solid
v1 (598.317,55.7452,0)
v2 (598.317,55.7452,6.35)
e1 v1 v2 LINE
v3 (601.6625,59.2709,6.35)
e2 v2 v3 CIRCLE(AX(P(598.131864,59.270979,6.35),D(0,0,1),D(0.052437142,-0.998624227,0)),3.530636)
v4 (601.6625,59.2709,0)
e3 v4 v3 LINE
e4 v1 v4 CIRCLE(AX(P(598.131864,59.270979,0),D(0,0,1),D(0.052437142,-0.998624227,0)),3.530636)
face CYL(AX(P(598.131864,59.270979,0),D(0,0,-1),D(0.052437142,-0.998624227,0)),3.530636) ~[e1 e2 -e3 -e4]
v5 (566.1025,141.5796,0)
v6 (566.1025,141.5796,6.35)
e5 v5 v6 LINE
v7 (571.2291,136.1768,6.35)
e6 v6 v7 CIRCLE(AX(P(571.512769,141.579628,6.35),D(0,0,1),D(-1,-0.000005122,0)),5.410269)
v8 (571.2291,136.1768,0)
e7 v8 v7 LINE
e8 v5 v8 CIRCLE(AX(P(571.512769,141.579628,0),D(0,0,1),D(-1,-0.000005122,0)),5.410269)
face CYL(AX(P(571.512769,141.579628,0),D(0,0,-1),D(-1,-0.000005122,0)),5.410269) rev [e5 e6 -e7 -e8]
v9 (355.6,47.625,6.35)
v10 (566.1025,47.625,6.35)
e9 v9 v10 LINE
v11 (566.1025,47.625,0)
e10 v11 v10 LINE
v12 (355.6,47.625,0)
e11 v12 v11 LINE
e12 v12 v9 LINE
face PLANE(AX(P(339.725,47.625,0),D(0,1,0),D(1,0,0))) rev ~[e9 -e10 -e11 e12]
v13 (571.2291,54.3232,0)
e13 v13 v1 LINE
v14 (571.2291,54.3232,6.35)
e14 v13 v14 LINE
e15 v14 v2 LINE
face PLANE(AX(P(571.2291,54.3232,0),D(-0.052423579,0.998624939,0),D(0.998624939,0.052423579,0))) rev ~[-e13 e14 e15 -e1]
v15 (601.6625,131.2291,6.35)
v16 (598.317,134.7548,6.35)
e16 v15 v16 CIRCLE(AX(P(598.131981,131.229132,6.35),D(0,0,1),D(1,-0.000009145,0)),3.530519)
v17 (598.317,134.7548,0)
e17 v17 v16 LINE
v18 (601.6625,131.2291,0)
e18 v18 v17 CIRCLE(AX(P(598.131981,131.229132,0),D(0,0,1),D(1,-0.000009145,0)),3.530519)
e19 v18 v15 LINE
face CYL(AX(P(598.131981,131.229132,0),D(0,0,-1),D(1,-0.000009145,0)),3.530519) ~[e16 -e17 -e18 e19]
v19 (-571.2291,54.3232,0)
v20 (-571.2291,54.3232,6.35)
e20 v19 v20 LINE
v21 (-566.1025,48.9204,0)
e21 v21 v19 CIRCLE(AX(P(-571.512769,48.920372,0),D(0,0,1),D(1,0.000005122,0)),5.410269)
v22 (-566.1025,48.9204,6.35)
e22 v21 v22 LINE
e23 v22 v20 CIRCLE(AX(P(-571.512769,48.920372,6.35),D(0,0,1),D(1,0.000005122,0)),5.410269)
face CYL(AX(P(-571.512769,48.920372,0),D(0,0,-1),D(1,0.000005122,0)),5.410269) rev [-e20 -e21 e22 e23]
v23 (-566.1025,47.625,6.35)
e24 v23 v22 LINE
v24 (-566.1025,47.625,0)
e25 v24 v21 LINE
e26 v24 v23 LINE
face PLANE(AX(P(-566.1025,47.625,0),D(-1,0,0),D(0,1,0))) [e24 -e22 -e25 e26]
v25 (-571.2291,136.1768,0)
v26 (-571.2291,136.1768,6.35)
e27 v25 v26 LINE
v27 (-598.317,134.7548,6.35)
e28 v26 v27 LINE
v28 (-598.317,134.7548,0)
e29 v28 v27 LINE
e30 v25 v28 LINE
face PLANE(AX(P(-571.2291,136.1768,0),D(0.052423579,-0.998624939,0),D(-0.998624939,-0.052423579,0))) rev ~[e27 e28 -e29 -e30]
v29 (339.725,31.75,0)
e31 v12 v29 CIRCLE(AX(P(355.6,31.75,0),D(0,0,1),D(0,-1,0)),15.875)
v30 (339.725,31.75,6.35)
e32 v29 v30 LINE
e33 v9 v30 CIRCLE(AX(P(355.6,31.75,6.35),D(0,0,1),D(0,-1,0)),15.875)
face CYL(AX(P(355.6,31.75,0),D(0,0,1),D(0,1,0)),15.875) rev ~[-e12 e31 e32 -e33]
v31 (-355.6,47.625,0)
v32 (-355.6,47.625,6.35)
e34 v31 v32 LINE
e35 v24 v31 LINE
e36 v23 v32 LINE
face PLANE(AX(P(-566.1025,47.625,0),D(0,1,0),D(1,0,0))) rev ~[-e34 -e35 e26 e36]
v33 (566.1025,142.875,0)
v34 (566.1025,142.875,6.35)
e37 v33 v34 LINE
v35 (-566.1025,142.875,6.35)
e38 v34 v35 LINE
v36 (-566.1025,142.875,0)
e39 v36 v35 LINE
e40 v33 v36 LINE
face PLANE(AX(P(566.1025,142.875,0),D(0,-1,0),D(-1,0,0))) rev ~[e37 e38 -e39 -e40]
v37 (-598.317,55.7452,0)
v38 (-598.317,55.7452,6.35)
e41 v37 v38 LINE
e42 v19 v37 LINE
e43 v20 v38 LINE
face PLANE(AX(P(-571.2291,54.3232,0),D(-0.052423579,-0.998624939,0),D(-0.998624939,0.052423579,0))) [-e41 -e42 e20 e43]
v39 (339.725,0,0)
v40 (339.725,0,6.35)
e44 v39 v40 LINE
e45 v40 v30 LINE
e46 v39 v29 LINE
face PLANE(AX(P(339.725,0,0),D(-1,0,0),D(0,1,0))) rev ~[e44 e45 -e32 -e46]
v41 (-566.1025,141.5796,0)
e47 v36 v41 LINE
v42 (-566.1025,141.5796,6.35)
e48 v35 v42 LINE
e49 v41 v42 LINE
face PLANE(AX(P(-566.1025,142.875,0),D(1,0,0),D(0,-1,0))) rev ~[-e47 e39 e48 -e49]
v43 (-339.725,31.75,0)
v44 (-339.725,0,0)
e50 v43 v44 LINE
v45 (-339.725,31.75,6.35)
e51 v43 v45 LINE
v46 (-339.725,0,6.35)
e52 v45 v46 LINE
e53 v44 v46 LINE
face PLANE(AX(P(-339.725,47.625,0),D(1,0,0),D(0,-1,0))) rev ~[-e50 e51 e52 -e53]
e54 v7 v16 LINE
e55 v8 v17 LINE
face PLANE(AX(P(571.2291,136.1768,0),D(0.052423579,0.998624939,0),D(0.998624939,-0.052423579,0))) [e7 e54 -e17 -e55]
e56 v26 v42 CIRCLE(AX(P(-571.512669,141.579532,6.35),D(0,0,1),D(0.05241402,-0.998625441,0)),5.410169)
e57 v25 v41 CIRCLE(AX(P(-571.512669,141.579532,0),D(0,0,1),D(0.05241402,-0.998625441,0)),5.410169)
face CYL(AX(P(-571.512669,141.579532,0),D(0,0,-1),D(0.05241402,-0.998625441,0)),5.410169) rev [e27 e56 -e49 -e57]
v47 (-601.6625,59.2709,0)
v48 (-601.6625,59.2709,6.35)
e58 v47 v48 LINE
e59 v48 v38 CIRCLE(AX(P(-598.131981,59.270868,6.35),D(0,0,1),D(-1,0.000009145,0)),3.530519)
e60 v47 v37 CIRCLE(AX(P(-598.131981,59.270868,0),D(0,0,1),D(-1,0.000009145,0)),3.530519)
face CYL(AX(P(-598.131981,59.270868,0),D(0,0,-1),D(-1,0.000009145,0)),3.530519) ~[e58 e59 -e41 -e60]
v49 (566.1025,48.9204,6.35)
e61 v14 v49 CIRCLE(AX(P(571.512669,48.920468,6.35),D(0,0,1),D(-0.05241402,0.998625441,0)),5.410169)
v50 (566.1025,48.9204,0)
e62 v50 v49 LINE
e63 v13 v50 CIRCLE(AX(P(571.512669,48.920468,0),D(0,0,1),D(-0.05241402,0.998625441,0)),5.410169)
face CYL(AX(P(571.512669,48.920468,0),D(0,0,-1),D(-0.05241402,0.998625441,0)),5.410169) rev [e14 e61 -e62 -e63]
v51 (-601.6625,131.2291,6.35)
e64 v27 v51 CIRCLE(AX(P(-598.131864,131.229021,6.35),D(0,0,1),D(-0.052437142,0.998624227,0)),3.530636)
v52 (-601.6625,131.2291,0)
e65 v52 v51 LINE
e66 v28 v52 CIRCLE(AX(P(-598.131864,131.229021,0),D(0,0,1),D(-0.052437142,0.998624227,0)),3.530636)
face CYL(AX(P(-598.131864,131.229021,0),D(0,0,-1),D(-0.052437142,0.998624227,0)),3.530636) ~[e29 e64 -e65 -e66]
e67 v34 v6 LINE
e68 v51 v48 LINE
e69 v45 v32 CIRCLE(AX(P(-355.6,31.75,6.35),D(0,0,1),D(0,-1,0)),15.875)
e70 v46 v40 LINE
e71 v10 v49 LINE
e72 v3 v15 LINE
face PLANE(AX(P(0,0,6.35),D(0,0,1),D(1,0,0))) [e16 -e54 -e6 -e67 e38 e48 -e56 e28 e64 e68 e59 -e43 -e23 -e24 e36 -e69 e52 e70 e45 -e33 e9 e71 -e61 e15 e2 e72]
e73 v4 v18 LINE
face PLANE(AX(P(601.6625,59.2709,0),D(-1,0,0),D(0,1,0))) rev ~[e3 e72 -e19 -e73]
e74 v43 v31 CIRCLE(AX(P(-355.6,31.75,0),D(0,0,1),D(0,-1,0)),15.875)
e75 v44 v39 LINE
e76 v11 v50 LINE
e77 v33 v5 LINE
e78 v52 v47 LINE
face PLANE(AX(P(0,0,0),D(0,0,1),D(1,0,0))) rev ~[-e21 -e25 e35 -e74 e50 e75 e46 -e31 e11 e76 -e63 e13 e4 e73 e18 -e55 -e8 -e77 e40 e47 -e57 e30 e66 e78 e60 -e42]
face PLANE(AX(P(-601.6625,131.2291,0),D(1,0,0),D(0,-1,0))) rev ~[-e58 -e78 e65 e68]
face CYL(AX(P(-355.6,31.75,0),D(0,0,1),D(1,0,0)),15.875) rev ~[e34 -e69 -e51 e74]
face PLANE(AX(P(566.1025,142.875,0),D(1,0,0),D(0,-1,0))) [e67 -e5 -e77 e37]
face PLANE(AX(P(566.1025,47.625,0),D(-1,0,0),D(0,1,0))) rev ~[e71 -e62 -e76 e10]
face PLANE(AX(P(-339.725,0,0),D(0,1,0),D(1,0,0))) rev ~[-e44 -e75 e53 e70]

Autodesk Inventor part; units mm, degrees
ref_plane "YZ Plane" through (0, 0, 0) normal (1, 0, 0) x (0, 1, 0)
ref_plane "XZ Plane" through (0, 0, 0) normal (0, 1, 0) x (-1, 0, 0)
ref_plane "XY Plane" through (0, 0, 0) normal (0, 0, 1) x (1, 0, 0)
sketch "Sketch1" plane through (0, 0, 0) normal (0, 0, 1) x (1, 0, 0)
  line L0 (-339.725, 0) -> (339.725, 0)
  line L1 (339.725, 0) -> (339.725, 47.625)
  line L2 (339.725, 47.625) -> (566.1025, 47.625)
  line L3 (601.6625, 59.2709) -> (601.6625, 131.2291)
  line L4 (566.1025, 142.875) -> (-566.1025, 142.875)
  line L5 (-601.6625, 131.2291) -> (-601.6625, 59.2709)
  line L6 (-566.1025, 47.625) -> (-339.725, 47.625)
  line L7 (-339.725, 47.625) -> (-339.725, 0)
  line L8 (566.1025, 47.625) -> (566.1025, 48.9204)
  arc A0 (571.2291, 54.3232) -> (566.1025, 48.9204) centre (571.5127, 48.9204) ccw
  line L9 (571.2291, 54.3232) -> (598.317, 55.7452)
  arc A1 (598.317, 55.7452) -> (601.6625, 59.2709) centre (598.1319, 59.2709) ccw
  line L10 (566.1025, 142.875) -> (566.1025, 141.5796)
  arc A2 (566.1025, 141.5796) -> (571.2291, 136.1768) centre (571.5127, 141.5796) ccw
  line L11 (571.2291, 136.1768) -> (598.317, 134.7548)
  arc A3 (601.6625, 131.2291) -> (598.317, 134.7548) centre (598.1319, 131.2291) ccw
  line L12 (-566.1025, 142.875) -> (-566.1025, 141.5796)
  arc A4 (-571.2291, 136.1768) -> (-566.1025, 141.5796) centre (-571.5127, 141.5796) ccw
  line L13 (-571.2291, 136.1768) -> (-598.317, 134.7548)
  arc A5 (-598.317, 134.7548) -> (-601.6625, 131.2291) centre (-598.1319, 131.2291) ccw
  line L14 (-566.1025, 47.625) -> (-566.1025, 48.9204)
  arc A6 (-566.1025, 48.9204) -> (-571.2291, 54.3232) centre (-571.5127, 48.9204) ccw
  line L15 (-571.2291, 54.3232) -> (-598.317, 55.7452)
  arc A7 (-601.6625, 59.2709) -> (-598.317, 55.7452) centre (-598.1319, 59.2709) ccw
  point P0 (0, 0)
  point P1 (0, 0)
  dimension "d0" = 679.45
  dimension "d1" = 1203.325
  dimension "d2" = 47.625
  dimension "d3" = 95.25
  dimension "d4" = 71.9582
  dimension "d8" = 3.5306
  dimension "d9" = 5.4102
  dimension "d10" = 35.56
  dimension "d11" = 1.2954
extrude "Extrusion1" add sketch "Sketch1" along normal blind 6.35
fillet "Fillet1" radius 15.875 2 edges at (-339.725, 47.625, 3.175) (339.725, 47.625, 3.175)
properties part number "A1-18002-100-40 Pocket door plate" material "Steel, Mild"
